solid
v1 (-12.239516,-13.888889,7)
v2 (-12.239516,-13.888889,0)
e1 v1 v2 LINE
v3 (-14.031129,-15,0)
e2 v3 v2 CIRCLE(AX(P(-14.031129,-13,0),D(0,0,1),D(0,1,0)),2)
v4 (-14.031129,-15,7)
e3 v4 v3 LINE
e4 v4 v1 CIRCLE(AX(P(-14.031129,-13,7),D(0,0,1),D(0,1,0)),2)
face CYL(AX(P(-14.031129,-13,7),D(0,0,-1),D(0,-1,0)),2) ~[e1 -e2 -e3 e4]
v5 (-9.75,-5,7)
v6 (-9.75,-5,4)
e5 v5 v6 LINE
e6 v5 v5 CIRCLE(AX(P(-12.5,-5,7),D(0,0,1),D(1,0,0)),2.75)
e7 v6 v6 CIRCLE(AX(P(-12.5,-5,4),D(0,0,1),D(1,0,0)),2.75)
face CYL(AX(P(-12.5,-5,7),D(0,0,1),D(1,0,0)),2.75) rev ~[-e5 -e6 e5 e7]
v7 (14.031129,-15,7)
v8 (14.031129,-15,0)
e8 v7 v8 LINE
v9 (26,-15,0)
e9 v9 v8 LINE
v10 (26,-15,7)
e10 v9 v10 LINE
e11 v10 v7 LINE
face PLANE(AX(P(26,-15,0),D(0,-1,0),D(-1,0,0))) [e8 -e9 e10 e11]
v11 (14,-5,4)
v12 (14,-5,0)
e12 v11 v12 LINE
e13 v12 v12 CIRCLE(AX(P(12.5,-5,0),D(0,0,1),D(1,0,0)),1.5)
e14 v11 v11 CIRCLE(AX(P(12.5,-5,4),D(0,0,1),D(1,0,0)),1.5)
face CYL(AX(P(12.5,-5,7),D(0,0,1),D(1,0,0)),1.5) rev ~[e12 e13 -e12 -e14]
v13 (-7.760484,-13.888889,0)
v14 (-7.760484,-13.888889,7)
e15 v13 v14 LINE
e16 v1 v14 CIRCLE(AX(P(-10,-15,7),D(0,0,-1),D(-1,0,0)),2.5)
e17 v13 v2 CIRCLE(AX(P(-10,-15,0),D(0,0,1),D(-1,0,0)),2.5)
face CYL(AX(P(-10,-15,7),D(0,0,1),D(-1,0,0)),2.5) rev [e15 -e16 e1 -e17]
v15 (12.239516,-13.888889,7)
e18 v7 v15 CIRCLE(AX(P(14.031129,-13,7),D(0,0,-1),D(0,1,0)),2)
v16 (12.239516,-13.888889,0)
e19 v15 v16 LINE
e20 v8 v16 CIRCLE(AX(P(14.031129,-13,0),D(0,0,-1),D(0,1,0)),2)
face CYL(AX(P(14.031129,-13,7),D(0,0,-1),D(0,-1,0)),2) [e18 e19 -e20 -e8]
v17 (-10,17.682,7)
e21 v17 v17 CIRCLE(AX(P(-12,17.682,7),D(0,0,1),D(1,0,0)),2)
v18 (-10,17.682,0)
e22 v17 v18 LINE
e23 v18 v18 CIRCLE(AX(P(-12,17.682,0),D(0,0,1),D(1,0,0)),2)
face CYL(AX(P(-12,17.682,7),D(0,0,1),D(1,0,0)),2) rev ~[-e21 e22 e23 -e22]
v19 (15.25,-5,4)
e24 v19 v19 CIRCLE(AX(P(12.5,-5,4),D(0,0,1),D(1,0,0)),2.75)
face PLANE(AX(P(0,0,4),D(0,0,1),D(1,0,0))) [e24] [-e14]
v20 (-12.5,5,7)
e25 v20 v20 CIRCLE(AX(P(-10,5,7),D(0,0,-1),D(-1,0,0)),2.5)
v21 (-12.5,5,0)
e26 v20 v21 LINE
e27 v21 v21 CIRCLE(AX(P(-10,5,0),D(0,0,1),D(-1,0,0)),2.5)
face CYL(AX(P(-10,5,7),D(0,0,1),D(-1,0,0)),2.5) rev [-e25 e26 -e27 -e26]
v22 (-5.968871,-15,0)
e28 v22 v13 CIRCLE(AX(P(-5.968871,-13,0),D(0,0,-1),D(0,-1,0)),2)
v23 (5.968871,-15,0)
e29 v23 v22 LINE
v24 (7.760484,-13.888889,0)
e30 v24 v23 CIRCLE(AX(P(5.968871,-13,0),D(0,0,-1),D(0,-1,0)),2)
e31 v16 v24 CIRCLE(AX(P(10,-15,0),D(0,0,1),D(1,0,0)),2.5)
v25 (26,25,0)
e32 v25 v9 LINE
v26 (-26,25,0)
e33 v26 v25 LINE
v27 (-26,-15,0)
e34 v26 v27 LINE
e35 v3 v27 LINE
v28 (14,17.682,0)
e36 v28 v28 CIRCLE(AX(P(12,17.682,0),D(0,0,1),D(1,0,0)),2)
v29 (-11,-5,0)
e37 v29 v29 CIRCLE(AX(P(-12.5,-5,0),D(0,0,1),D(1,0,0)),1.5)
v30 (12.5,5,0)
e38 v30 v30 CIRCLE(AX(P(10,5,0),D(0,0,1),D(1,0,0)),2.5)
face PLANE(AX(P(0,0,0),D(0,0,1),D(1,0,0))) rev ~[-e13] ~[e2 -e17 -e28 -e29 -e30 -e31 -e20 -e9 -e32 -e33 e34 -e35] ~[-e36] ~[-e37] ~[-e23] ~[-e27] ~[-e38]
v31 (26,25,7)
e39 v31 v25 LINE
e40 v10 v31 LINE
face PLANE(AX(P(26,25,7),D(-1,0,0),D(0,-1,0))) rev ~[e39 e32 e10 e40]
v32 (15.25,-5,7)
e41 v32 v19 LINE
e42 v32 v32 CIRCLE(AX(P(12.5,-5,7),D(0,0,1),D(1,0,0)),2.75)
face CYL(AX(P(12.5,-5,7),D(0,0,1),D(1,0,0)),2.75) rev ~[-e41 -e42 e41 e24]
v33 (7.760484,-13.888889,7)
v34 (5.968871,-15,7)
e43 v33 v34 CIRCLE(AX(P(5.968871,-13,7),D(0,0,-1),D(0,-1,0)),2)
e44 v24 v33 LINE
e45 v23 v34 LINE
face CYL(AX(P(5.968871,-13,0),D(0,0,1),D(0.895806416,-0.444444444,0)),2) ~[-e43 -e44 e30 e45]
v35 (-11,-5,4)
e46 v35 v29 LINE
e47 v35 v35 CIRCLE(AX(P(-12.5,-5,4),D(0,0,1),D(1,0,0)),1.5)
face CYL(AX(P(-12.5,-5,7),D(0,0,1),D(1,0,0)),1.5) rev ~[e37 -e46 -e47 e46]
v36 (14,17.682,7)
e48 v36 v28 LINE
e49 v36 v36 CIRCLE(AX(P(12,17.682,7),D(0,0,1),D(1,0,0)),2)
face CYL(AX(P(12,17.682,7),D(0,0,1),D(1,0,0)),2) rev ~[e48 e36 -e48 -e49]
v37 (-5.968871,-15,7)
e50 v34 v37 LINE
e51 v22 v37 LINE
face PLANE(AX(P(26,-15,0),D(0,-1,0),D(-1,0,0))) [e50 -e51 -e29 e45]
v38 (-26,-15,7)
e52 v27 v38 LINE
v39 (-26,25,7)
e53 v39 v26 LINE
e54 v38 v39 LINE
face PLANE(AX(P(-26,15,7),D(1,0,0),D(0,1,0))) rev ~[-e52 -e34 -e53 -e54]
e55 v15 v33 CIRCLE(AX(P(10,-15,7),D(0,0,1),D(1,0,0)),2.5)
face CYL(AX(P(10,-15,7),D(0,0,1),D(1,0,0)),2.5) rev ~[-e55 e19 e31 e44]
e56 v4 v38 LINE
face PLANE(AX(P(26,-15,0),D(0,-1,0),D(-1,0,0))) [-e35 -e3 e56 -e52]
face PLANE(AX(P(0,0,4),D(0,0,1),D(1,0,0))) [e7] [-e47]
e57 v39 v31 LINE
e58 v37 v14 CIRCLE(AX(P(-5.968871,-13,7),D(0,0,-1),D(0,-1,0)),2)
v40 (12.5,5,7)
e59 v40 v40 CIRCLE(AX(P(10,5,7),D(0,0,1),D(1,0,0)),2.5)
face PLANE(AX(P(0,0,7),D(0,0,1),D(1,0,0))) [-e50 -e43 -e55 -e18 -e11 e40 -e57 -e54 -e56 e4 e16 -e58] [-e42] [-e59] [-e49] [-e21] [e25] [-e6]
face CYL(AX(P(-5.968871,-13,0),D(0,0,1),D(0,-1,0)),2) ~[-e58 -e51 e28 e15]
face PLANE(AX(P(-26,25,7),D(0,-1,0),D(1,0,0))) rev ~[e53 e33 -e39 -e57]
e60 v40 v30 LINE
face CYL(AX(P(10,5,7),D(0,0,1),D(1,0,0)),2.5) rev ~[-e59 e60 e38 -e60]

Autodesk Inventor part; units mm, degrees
ref_plane "YZ Plane" through (0, 0, 0) normal (1, 0, 0) x (0, 1, 0)
ref_plane "XZ Plane" through (0, 0, 0) normal (0, 1, 0) x (-1, 0, 0)
ref_plane "XY Plane" through (0, 0, 0) normal (0, 0, 1) x (1, 0, 0)
sketch "Boceto21" plane through (0, 0, 0) normal (0, 0, 1) x (1, 0, 0)
  line L0 (-26, 15) -> (26, 15)
  line L1 (26, 15) -> (26, -15)
  line L2 (26, -15) -> (-26, -15)
  line L3 (-26, -15) -> (-26, 15)
  line L4 (1.8793, 0) -> (0, 0)
  line L5 (0, 0) -> (0, 2.1218)
  dimension "d96" = 52
  dimension "d97" = 30
extrude "Extrusión17" add sketch "Boceto21" along normal blind 7
sketch "Boceto22" plane through (0, 0, 7) normal (0, 0, 1) x (1, 0, 0)
  circle A0 centre (-12.5, -5) radius 1.5
  circle A1 centre (12.5, -5) radius 1.5
  line L0 (-26, -15) -> (26, -15) projected
  point P0 (0, 0)
  dimension "d100" = 3
  dimension "d101" = 3
  dimension "d104" = 10
  dimension "d105" = 10
  dimension "d106" = 25
  dimension "d107" = 12.5
extrude "Extrusión18" cut sketch "Boceto22" against normal through all
sketch "Boceto23" plane through (0, 0, 7) normal (0, 0, 1) x (1, 0, 0)
  circle A0 centre (10, 5) radius 2.5
  circle A1 centre (10, -15) radius 2.5
  circle A2 centre (12.5, -5) radius 1.5 projected
  point P0 (0, 0)
  dimension "d110" = 5
  dimension "d111" = 5
  dimension "d112" = 10
  dimension "d113" = 10
  dimension "d114" = 20
  dimension "d115" = 10
extrude "Extrusión19" cut sketch "Boceto23" against normal through all contours A0 | A1
mirror "Simetría1" about plane through (0, 0, 0) normal (1, 0, 0) of "Extrusión19"
fillet "Empalme5" radius 2 4 edges at (-12.5, -15, 3.5) (-7.5, -15, 3.5) (12.5, -15, 3.5) (7.5, -15, 3.5)
sketch "Boceto24" plane through (0, 0, 7) normal (0, 0, 1) x (1, 0, 0)
  circle A0 centre (12.5, -5) radius 1.5 projected
  circle A1 centre (12.5, -5) radius 2.75
  circle A2 centre (-12.5, -5) radius 1.5 projected
  circle A3 centre (-12.5, -5) radius 2.75
  point P0 (0, 0)
  dimension "d119" = 5.5
  dimension "d120" = 5.5
extrude "Extrusión20" cut sketch "Boceto24" against normal blind 3
sketch "Boceto25" plane through (0, 0, 7) normal (0, 0, 1) x (1, 0, 0)
  line L0 (26, 15) -> (-26, 15)
  line L1 (-26, 15) -> (-26, 25)
  line L2 (-26, 25) -> (26, 25)
  line L3 (26, 25) -> (26, 15)
  point P0 (0, 0)
  dimension "d123" = 10
extrude "Extrusión21" add sketch "Boceto25" against normal up to surface (7 mm away)
sketch "Boceto26" plane through (0, 0, 7) normal (0, 0, 1) x (1, 0, 0)
  circle A0 centre (12, 17.682) radius 2
  circle A1 centre (12.5, -5) radius 2.75 projected
  circle A2 centre (-12, 17.682) radius 2
  circle A3 centre (-12.5, -5) radius 2.75 projected
  circle A4 centre (10, 5) radius 2.5 projected
  circle A5 centre (-10, 5) radius 2.5 projected
  point P0 (0, 0)
  dimension "d127" = 12
  dimension "d128" = 4
  dimension "d129" = 4
  dimension "d132" = 12
  dimension "d135" = 12.682
  dimension "d136" = 12.682
extrude "Extrusión22" cut sketch "Boceto26" against normal through all contours A0 | A2
equation "\"d101\" = d100"
equation "\"d105\" = d104"
equation "\"d107\" = 0.5 * d106"
equation "\"d111\" = d110"
equation "\"d113\" = d112"
equation "\"d120\" = d119"
equation "\"d128\" = d129"
equation "\"d136\" = d135"
properties part number "Soporte Extruder Izq" material "Polipropileno"
